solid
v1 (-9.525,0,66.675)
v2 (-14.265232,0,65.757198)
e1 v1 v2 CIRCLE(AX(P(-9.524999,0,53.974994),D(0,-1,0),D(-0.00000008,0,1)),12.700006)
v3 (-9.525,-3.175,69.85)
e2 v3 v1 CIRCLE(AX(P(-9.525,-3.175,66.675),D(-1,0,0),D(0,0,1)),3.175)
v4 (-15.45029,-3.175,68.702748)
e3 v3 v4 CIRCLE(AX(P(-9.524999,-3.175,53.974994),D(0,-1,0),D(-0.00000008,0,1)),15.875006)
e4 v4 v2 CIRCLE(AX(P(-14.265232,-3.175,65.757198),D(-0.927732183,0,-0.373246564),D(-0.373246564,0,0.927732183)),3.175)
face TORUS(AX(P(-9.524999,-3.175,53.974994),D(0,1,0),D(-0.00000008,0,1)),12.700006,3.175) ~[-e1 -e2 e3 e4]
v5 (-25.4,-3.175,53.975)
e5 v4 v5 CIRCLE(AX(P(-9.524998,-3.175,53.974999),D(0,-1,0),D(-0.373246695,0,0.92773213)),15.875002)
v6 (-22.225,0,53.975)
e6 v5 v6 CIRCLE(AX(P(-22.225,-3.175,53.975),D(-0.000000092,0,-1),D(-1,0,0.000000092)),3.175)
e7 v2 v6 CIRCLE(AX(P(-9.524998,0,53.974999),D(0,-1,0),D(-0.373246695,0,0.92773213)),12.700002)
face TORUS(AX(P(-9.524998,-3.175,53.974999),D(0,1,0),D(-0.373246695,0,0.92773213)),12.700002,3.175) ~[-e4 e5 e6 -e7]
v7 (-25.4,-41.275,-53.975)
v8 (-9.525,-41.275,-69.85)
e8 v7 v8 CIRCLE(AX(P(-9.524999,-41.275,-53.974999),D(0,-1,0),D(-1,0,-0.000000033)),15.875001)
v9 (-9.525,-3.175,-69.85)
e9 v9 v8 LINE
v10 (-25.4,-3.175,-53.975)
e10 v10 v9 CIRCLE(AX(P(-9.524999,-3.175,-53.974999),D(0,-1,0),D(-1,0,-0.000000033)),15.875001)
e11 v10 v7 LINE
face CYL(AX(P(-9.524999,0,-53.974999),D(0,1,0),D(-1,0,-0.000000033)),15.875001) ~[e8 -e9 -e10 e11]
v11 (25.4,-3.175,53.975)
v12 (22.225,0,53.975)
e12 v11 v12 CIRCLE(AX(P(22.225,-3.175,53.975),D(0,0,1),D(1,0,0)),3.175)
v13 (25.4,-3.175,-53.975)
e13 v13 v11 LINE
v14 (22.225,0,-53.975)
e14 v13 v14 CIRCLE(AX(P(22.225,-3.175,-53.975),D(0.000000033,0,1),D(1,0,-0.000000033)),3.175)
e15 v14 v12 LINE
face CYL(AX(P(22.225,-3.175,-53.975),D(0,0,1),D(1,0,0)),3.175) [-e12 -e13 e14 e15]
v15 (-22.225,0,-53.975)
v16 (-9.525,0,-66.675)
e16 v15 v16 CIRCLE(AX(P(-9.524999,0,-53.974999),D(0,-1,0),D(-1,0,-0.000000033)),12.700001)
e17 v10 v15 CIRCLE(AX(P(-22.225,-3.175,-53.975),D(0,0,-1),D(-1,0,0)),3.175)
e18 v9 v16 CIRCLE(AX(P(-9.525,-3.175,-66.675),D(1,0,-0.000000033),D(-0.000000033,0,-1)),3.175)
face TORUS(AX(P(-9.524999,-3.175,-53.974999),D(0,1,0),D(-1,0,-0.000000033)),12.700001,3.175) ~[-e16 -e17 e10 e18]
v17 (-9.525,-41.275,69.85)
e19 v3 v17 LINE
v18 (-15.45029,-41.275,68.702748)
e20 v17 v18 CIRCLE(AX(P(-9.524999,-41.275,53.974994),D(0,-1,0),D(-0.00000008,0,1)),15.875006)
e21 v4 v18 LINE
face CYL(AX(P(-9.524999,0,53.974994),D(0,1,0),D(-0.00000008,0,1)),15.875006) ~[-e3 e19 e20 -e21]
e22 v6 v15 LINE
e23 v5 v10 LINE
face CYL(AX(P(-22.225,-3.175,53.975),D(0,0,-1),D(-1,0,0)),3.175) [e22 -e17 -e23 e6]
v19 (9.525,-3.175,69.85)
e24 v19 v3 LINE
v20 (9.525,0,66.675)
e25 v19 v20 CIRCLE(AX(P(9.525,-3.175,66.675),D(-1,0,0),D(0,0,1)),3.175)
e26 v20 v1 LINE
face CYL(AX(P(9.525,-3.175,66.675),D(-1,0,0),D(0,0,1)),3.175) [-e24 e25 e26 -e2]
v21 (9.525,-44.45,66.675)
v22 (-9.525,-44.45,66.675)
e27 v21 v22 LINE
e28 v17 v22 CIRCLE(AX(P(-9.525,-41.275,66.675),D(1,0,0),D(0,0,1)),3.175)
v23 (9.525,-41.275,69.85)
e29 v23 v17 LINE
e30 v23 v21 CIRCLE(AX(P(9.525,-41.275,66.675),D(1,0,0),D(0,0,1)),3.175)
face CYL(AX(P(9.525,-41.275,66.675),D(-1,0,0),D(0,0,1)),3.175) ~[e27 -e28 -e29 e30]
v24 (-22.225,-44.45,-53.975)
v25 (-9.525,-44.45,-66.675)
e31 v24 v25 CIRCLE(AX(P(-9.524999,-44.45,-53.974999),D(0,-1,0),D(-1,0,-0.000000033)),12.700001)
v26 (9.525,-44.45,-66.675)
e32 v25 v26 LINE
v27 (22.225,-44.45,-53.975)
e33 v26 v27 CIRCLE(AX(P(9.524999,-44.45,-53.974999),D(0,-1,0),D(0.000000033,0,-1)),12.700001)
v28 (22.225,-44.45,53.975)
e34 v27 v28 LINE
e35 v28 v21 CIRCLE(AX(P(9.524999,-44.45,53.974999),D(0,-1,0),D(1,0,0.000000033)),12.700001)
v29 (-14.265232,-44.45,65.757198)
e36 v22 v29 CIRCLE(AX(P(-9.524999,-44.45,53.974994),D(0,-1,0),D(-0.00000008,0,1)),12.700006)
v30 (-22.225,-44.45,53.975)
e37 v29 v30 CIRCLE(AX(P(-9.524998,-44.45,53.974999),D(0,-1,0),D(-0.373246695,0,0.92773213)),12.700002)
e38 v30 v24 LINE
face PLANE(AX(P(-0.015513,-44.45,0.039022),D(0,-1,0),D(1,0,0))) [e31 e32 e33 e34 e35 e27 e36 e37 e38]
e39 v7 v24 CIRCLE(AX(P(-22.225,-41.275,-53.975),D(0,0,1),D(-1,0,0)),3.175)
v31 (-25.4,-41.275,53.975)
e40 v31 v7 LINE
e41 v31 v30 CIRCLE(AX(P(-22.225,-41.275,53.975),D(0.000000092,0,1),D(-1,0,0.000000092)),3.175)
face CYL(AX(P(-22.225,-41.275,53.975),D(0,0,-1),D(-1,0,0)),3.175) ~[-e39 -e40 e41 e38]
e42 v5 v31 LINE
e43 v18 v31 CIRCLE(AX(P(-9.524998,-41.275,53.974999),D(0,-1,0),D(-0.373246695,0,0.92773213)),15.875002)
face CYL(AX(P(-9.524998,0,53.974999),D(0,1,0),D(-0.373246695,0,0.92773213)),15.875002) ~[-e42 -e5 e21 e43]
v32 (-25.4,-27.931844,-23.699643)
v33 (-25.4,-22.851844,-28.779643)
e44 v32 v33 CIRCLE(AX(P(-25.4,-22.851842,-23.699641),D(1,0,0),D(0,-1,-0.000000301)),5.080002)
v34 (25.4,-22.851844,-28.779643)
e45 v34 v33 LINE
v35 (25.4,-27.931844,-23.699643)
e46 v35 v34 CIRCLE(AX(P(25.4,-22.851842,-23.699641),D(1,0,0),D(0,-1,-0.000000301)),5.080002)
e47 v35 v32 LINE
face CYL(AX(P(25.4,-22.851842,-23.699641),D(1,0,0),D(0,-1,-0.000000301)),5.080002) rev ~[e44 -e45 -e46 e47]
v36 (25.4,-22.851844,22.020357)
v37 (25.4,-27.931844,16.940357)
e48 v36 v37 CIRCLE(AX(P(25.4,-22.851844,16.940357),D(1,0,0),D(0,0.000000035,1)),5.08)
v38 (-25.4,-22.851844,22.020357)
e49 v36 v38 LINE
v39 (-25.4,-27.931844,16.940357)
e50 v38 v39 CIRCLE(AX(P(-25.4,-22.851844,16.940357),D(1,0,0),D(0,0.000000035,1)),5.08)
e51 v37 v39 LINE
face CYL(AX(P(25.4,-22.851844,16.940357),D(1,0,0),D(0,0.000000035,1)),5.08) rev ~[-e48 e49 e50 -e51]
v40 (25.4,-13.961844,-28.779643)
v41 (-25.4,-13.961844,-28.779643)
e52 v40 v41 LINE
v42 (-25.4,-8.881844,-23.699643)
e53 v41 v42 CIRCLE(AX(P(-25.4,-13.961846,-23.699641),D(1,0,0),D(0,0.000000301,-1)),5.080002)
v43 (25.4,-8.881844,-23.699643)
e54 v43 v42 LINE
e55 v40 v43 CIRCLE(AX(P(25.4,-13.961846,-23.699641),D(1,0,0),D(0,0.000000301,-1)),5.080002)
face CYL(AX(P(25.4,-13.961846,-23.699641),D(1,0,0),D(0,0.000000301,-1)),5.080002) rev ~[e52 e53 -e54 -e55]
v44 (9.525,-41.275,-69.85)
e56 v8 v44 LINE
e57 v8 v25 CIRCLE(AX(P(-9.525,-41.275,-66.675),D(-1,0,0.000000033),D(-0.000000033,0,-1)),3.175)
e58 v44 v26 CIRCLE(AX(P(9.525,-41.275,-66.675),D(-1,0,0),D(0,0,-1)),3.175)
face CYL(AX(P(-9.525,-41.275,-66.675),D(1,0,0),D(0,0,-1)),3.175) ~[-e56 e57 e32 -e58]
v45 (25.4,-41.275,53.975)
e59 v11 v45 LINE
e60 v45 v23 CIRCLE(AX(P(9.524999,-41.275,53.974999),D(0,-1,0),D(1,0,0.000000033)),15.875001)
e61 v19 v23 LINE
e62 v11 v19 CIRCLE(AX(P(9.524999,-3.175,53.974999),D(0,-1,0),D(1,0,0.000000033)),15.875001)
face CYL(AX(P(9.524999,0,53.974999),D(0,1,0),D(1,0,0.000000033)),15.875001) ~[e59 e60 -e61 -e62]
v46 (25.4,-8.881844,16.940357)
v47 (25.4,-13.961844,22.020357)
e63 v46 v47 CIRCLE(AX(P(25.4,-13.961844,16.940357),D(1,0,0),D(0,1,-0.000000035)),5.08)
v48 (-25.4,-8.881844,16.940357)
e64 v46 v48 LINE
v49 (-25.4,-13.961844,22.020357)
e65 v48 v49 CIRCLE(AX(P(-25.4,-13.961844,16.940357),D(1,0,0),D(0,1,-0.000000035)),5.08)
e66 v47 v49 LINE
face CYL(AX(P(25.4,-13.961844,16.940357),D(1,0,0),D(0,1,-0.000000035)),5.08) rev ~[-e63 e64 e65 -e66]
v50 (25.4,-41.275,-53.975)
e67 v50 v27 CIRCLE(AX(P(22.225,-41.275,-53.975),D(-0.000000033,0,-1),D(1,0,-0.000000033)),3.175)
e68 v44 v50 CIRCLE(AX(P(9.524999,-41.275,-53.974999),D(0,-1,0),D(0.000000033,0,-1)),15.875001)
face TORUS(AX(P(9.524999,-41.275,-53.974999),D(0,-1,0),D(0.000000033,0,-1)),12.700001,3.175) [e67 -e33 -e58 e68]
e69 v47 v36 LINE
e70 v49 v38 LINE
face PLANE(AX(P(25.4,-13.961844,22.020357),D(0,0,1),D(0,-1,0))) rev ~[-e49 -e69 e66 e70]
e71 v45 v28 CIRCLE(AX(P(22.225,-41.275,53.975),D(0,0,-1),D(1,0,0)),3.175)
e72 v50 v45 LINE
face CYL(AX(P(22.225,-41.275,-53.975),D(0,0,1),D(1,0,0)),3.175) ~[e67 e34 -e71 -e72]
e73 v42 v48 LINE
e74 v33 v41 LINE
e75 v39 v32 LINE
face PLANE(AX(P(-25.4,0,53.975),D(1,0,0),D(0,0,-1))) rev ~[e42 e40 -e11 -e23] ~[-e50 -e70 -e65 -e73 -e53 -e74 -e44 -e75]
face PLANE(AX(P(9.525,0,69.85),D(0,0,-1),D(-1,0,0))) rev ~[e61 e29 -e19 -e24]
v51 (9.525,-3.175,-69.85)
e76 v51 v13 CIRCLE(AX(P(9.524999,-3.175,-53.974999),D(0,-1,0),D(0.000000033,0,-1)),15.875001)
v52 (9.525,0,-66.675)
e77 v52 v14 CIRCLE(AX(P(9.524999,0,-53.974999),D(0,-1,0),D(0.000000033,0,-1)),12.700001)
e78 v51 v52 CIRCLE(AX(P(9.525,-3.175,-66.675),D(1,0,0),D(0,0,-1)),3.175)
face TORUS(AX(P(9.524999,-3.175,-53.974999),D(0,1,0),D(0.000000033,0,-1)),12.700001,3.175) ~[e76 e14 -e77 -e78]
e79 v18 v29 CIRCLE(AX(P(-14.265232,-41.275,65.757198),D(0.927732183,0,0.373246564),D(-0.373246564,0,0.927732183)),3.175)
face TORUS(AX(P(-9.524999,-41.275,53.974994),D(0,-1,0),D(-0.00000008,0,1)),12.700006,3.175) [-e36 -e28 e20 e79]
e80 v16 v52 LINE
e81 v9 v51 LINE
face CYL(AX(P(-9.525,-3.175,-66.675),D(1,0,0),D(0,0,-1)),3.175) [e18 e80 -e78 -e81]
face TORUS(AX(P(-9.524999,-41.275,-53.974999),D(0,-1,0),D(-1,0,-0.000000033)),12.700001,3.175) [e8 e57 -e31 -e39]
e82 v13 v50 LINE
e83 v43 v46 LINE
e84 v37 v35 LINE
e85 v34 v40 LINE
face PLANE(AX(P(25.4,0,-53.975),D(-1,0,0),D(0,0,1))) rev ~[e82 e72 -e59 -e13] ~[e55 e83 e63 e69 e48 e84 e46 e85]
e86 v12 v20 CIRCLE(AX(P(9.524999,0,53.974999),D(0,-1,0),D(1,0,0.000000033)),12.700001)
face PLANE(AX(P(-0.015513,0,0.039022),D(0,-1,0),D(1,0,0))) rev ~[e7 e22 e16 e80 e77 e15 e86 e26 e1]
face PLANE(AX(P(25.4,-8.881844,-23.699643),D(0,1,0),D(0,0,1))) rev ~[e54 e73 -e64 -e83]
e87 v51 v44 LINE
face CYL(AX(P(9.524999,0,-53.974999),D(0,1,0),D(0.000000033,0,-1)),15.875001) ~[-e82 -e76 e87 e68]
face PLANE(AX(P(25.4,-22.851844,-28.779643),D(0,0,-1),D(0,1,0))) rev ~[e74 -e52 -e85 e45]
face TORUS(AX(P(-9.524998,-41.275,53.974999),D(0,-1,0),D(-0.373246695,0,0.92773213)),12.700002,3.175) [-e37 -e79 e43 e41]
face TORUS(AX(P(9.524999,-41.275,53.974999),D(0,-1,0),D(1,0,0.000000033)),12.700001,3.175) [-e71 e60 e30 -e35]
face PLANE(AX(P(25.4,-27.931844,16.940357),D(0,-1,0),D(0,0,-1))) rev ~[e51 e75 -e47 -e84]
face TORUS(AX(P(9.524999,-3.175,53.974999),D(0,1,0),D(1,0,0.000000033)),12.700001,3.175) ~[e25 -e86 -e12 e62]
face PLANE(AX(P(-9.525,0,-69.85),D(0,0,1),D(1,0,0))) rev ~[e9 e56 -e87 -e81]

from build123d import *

# Parameters (mm, degrees)
F1_DEPTH = 44.45
F3_DEPTH = 50.801
F4_R     = 3.175


with BuildPart() as f1:
    # F0 (on Front) → F1 (new body)
    with BuildSketch(Plane.XZ):
        with BuildLine():
            ThreePointArc((25.4, 53.975), (20.75032, 65.20032), (9.525, 69.85))
            Line((9.525, 69.85), (-9.525, 69.85))
            ThreePointArc((-9.525, 69.85), (-12.542667, 69.560548), (-15.45029, 68.702748))
            ThreePointArc((-15.45029, 68.702748), (-22.679459, 62.861834), (-25.4, 53.975))
            Line((-25.4, 53.975), (-25.4, -53.975))
            ThreePointArc((-25.4, -53.975), (-20.75032, -65.20032), (-9.525, -69.85))
            Line((-9.525, -69.85), (9.525, -69.85))
            ThreePointArc((9.525, -69.85), (20.75032, -65.20032), (25.4, -53.975))
            Line((25.4, -53.975), (25.4, 53.975))
        make_face()
    extrude(amount=F1_DEPTH)

    # F2 (on face) → F3 (cut, through all)
    with BuildSketch(Plane.YZ.offset(25.4)):
        with BuildLine():
            Line((-13.961844, 22.020357), (-22.851844, 22.020357))
            ThreePointArc((-22.851844, 22.020357), (-26.443946, 20.53246), (-27.931844, 16.940357))
            Line((-27.931844, 16.940357), (-27.931844, -23.699643))
            ThreePointArc((-27.931844, -23.699643), (-26.443946, -27.291745), (-22.851844, -28.779643))
            Line((-22.851844, -28.779643), (-13.961844, -28.779643))
            ThreePointArc((-13.961844, -28.779643), (-10.369742, -27.291745), (-8.881844, -23.699643))
            Line((-8.881844, -23.699643), (-8.881844, 16.940357))
            ThreePointArc((-8.881844, 16.940357), (-10.369742, 20.53246), (-13.961844, 22.020357))
        make_face()
    extrude(amount=-F3_DEPTH, mode=Mode.SUBTRACT)

    # F4
    f4_edges = [f1.edges().sort_by_distance(p)[0] for p in [
        (0, -44.45, 69.85),
        (0, 0, 69.85),
    ]]
    fillet(f4_edges, radius=F4_R)


solid = f1.part
